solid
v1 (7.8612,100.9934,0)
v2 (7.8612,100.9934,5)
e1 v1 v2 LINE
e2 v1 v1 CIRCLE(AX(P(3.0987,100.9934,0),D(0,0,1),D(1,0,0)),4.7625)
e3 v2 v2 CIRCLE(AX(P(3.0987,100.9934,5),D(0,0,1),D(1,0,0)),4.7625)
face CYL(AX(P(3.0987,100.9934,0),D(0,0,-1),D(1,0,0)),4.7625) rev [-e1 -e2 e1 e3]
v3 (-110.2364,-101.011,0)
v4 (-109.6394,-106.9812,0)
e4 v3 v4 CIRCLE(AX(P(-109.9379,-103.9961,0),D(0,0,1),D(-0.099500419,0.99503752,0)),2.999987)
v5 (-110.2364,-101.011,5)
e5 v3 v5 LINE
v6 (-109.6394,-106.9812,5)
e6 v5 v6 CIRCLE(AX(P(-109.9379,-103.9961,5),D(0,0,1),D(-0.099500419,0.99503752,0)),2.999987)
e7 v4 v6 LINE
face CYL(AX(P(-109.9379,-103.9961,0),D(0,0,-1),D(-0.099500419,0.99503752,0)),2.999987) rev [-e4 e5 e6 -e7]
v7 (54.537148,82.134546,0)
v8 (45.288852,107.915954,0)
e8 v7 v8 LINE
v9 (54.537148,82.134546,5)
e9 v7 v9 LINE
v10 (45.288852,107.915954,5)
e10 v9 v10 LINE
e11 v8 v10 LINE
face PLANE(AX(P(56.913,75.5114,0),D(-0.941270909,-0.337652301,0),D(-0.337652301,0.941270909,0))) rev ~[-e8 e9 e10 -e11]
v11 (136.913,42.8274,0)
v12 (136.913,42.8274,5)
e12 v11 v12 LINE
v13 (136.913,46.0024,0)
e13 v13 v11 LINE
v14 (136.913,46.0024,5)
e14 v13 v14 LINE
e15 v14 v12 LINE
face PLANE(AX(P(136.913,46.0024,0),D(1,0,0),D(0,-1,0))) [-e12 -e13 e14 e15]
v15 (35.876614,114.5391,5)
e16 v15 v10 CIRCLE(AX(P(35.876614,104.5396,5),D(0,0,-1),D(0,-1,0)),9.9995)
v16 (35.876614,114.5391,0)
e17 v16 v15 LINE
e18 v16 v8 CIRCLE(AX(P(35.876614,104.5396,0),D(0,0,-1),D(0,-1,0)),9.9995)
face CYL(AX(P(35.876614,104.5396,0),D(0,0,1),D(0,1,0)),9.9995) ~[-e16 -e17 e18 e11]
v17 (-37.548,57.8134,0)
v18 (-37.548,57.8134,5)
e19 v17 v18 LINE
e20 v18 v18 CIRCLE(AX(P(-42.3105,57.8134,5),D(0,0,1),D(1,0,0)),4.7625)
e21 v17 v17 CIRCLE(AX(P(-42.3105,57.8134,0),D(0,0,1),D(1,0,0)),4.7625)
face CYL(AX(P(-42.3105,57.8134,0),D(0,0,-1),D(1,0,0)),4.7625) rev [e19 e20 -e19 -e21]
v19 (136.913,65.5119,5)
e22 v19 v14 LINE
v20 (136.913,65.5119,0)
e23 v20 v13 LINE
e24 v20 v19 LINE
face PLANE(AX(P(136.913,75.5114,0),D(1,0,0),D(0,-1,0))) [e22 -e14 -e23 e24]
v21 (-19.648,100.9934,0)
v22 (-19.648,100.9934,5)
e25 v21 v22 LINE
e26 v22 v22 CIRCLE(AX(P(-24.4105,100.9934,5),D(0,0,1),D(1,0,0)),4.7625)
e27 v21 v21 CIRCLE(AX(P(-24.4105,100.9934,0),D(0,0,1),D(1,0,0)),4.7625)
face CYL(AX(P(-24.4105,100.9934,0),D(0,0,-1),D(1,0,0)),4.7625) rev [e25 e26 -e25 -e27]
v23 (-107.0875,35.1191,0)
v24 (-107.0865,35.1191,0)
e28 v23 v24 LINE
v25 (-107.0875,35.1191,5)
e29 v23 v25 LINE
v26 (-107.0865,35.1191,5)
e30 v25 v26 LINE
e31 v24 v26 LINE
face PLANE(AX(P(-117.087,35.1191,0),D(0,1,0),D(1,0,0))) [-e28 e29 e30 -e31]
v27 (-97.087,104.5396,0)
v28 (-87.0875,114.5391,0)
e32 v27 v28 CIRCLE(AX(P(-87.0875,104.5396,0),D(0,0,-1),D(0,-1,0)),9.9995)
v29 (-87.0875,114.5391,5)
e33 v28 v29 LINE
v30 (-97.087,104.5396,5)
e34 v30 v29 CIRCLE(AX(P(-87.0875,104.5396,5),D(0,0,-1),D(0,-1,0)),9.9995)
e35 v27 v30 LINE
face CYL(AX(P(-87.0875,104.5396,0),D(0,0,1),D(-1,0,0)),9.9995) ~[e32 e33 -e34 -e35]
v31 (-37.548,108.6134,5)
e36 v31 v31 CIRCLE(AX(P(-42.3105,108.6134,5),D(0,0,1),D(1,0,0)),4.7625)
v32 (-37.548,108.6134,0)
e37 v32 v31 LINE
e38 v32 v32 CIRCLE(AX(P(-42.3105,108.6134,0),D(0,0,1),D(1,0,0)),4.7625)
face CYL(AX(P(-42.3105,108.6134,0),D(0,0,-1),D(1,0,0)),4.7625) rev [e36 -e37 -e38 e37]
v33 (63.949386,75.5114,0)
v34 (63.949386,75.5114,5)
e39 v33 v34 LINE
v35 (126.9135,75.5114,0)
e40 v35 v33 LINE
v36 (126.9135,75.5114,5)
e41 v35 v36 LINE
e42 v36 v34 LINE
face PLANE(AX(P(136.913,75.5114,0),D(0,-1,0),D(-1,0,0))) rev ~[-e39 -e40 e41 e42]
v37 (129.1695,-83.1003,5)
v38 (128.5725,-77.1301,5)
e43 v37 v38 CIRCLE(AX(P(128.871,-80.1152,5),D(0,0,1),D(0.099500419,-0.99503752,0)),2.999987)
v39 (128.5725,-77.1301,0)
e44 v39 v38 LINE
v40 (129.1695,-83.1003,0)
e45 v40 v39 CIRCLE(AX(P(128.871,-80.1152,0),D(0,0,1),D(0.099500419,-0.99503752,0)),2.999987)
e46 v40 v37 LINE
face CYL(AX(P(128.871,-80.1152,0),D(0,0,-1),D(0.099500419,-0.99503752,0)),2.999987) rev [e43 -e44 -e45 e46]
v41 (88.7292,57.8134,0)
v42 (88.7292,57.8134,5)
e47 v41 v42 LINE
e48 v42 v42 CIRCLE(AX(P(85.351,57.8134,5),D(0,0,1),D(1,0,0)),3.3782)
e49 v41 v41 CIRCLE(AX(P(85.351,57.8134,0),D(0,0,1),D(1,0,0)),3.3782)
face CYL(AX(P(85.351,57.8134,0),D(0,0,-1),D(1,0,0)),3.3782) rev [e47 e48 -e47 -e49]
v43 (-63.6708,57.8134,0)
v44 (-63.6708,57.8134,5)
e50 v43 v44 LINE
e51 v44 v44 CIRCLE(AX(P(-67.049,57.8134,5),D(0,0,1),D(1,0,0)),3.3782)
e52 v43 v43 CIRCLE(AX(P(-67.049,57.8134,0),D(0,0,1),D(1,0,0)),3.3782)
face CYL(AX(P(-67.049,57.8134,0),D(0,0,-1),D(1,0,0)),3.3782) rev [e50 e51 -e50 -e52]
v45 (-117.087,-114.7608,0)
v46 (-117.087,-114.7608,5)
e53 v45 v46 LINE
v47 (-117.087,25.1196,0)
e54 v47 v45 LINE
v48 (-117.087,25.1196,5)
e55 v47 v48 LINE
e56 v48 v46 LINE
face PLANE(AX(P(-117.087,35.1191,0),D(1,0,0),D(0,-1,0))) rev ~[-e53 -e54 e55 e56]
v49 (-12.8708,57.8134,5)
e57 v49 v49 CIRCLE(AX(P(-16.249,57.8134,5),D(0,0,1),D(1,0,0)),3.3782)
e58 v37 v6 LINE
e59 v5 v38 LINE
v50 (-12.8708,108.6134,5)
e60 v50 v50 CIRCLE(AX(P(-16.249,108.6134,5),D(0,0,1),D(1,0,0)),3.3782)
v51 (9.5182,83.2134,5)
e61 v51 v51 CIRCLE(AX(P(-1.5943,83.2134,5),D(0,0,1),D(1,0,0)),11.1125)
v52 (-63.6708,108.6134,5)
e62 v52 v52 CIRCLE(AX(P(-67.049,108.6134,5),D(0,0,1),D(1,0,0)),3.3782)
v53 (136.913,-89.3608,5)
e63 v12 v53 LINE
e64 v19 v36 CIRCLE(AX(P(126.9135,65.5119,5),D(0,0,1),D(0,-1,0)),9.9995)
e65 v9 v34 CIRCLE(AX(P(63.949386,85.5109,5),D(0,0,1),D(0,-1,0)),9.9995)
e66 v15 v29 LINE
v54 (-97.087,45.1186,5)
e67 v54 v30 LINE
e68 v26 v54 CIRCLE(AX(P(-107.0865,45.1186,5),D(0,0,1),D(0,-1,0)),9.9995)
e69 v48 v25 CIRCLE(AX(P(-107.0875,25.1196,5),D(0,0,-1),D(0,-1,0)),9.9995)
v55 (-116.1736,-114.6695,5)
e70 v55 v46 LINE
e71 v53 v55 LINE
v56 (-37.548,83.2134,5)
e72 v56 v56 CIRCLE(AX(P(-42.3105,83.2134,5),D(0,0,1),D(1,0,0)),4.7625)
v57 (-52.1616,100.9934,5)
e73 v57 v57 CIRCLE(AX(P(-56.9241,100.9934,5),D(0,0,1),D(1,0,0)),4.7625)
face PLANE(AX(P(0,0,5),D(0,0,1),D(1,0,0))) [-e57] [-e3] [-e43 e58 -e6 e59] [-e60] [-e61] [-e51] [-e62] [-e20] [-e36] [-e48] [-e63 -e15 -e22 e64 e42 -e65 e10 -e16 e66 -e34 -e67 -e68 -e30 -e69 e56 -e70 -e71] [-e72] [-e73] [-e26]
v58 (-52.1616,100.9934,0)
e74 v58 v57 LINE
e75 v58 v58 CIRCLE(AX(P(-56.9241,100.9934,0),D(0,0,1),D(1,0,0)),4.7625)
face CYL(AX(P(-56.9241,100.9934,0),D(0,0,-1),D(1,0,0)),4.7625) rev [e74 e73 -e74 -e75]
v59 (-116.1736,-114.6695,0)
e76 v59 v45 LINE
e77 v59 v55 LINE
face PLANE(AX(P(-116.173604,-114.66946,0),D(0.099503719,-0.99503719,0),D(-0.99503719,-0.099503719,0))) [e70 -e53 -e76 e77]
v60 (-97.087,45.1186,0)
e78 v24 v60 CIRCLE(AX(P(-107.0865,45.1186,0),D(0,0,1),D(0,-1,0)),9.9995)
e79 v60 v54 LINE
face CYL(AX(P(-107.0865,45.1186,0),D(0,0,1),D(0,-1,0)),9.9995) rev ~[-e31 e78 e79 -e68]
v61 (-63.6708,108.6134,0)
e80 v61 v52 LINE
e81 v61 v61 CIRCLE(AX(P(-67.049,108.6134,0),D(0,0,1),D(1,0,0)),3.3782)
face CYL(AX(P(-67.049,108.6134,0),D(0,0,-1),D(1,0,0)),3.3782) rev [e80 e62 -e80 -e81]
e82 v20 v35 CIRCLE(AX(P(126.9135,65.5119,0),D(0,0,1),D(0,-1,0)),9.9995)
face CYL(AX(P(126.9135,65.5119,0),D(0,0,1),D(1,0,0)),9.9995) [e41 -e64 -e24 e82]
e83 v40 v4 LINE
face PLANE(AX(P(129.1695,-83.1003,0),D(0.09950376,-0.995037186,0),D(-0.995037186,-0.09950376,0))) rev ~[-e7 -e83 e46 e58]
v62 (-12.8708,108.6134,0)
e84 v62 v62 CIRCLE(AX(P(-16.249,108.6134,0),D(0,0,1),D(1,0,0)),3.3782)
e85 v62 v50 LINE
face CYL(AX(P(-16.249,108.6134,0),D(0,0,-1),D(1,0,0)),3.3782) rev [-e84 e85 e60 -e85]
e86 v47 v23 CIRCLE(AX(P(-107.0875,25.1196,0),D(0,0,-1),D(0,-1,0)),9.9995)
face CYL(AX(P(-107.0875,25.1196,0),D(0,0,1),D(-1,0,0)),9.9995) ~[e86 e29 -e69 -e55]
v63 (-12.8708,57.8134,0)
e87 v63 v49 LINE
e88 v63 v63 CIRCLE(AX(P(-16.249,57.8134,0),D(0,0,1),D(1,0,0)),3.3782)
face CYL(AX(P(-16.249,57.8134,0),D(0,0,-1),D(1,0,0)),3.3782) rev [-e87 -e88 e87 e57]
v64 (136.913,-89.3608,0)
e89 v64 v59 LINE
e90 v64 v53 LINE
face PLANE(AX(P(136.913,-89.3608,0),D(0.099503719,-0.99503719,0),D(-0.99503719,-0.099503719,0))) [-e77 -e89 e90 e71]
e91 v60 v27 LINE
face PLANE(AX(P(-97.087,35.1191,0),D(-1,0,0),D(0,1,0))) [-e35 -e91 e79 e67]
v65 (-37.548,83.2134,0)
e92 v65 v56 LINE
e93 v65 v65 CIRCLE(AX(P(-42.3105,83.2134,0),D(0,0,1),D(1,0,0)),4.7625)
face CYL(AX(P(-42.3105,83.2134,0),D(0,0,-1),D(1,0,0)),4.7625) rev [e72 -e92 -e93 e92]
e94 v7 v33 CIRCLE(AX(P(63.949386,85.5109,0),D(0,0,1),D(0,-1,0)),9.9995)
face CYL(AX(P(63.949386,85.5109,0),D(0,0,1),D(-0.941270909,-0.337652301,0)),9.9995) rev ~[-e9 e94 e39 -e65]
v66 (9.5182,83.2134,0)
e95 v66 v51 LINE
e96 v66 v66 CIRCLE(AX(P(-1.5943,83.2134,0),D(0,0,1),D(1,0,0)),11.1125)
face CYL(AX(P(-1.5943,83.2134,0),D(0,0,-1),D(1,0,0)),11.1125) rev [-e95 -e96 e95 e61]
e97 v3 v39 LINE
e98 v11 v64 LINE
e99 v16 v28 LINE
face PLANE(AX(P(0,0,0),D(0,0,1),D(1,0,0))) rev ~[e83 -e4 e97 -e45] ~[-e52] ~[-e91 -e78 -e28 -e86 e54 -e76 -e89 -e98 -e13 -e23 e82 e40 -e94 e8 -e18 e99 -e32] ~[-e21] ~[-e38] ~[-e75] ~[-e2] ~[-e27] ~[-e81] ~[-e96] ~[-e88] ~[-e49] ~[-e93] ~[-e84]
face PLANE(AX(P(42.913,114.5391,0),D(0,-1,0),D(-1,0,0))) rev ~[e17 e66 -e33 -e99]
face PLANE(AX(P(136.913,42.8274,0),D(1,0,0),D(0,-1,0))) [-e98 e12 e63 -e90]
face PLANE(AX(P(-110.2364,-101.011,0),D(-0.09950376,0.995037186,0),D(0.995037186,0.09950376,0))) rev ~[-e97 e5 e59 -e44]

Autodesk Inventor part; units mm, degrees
ref_plane "YZ Plane" through (0, 0, 0) normal (1, 0, 0) x (0, 1, 0)
ref_plane "XZ Plane" through (0, 0, 0) normal (0, 1, 0) x (-1, 0, 0)
ref_plane "XY Plane" through (0, 0, 0) normal (0, 0, 1) x (1, 0, 0)
sketch "Esboço1" plane through (0, 0, 0) normal (0, 0, 1) x (1, 0, 0)
  line L0 (136.913, 75.5114) -> (56.913, 75.5114)
  line L1 (56.913, 75.5114) -> (42.913, 114.5391)
  line L2 (42.913, 114.5391) -> (-117.087, 114.5391)
  line L3 (-117.087, 114.5391) -> (-117.087, -114.7608)
  line L4 (136.913, 75.5114) -> (136.913, -89.3608)
  line L5 (136.913, -89.3608) -> (-117.087, -114.7608)
  line L6 (136.913, 46.0024) -> (136.913, 42.8274)
  line L7 (-116.1736, -114.6695) -> (137.8264, -89.2695)
  circle A0 centre (85.351, 57.8134) radius 3.3782
  circle A1 centre (-42.3105, 57.8134) radius 4.7625
  circle A2 centre (-42.3105, 83.2134) radius 4.7625
  circle A3 centre (-56.9241, 100.9934) radius 4.7625
  circle A4 centre (-24.4105, 100.9934) radius 4.7625
  circle A5 centre (-42.3105, 108.6134) radius 4.7625
  circle A6 centre (-67.049, 57.8134) radius 3.3782
  circle A7 centre (-1.5943, 83.2134) radius 11.1125
  circle A8 centre (-16.249, 57.8134) radius 3.3782
  circle A9 centre (3.0987, 100.9934) radius 4.7625
  circle A10 centre (-16.249, 108.6134) radius 3.3782
  circle A11 centre (-67.049, 108.6134) radius 3.3782
  circle A12 centre (-117.849, 57.8134) radius 6.096
  line L8 (129.1695, -83.1003) -> (-109.6394, -106.9812)
  arc A13 (129.1695, -83.1003) -> (128.5725, -77.1301) centre (128.871, -80.1152) ccw
  line L9 (-110.2364, -101.011) -> (128.5725, -77.1301)
  arc A14 (-110.2364, -101.011) -> (-109.6394, -106.9812) centre (-109.9379, -103.9961) ccw
  line L10 (-97.087, 114.5391) -> (-117.087, 114.5391)
  line L11 (-117.087, 114.5391) -> (-117.087, 35.1191)
  line L12 (-117.087, 35.1191) -> (-97.087, 35.1191)
  line L13 (-97.087, 35.1191) -> (-97.087, 114.5391)
  point P0 (0, 0)
  point P1 (-117.087, 63.8616)
  point P2 (-117.087, 51.7652)
  dimension "d0" = 254
  dimension "d1" = 80
  dimension "d2" = 160
  dimension "d3" = 109.734
  dimension "d6" = 20
extrude "Extrusão1" add sketch "Esboço1" along normal blind 5 contours L4 L5 L3 L12 L13 L2 L1 L0
fillet "Arredondamento1" radius 10 6 edges at (-97.087, 35.1191, 2.5) (-117.087, 35.1191, 2.5) (-97.087, 114.5391, 2.5) (42.913, 114.5391, 2.5) (56.913, 75.5114, 2.5) (136.913, 75.5114, 2.5)
properties part number "CHAPA FIXAÇÃO DIREITA 1"
